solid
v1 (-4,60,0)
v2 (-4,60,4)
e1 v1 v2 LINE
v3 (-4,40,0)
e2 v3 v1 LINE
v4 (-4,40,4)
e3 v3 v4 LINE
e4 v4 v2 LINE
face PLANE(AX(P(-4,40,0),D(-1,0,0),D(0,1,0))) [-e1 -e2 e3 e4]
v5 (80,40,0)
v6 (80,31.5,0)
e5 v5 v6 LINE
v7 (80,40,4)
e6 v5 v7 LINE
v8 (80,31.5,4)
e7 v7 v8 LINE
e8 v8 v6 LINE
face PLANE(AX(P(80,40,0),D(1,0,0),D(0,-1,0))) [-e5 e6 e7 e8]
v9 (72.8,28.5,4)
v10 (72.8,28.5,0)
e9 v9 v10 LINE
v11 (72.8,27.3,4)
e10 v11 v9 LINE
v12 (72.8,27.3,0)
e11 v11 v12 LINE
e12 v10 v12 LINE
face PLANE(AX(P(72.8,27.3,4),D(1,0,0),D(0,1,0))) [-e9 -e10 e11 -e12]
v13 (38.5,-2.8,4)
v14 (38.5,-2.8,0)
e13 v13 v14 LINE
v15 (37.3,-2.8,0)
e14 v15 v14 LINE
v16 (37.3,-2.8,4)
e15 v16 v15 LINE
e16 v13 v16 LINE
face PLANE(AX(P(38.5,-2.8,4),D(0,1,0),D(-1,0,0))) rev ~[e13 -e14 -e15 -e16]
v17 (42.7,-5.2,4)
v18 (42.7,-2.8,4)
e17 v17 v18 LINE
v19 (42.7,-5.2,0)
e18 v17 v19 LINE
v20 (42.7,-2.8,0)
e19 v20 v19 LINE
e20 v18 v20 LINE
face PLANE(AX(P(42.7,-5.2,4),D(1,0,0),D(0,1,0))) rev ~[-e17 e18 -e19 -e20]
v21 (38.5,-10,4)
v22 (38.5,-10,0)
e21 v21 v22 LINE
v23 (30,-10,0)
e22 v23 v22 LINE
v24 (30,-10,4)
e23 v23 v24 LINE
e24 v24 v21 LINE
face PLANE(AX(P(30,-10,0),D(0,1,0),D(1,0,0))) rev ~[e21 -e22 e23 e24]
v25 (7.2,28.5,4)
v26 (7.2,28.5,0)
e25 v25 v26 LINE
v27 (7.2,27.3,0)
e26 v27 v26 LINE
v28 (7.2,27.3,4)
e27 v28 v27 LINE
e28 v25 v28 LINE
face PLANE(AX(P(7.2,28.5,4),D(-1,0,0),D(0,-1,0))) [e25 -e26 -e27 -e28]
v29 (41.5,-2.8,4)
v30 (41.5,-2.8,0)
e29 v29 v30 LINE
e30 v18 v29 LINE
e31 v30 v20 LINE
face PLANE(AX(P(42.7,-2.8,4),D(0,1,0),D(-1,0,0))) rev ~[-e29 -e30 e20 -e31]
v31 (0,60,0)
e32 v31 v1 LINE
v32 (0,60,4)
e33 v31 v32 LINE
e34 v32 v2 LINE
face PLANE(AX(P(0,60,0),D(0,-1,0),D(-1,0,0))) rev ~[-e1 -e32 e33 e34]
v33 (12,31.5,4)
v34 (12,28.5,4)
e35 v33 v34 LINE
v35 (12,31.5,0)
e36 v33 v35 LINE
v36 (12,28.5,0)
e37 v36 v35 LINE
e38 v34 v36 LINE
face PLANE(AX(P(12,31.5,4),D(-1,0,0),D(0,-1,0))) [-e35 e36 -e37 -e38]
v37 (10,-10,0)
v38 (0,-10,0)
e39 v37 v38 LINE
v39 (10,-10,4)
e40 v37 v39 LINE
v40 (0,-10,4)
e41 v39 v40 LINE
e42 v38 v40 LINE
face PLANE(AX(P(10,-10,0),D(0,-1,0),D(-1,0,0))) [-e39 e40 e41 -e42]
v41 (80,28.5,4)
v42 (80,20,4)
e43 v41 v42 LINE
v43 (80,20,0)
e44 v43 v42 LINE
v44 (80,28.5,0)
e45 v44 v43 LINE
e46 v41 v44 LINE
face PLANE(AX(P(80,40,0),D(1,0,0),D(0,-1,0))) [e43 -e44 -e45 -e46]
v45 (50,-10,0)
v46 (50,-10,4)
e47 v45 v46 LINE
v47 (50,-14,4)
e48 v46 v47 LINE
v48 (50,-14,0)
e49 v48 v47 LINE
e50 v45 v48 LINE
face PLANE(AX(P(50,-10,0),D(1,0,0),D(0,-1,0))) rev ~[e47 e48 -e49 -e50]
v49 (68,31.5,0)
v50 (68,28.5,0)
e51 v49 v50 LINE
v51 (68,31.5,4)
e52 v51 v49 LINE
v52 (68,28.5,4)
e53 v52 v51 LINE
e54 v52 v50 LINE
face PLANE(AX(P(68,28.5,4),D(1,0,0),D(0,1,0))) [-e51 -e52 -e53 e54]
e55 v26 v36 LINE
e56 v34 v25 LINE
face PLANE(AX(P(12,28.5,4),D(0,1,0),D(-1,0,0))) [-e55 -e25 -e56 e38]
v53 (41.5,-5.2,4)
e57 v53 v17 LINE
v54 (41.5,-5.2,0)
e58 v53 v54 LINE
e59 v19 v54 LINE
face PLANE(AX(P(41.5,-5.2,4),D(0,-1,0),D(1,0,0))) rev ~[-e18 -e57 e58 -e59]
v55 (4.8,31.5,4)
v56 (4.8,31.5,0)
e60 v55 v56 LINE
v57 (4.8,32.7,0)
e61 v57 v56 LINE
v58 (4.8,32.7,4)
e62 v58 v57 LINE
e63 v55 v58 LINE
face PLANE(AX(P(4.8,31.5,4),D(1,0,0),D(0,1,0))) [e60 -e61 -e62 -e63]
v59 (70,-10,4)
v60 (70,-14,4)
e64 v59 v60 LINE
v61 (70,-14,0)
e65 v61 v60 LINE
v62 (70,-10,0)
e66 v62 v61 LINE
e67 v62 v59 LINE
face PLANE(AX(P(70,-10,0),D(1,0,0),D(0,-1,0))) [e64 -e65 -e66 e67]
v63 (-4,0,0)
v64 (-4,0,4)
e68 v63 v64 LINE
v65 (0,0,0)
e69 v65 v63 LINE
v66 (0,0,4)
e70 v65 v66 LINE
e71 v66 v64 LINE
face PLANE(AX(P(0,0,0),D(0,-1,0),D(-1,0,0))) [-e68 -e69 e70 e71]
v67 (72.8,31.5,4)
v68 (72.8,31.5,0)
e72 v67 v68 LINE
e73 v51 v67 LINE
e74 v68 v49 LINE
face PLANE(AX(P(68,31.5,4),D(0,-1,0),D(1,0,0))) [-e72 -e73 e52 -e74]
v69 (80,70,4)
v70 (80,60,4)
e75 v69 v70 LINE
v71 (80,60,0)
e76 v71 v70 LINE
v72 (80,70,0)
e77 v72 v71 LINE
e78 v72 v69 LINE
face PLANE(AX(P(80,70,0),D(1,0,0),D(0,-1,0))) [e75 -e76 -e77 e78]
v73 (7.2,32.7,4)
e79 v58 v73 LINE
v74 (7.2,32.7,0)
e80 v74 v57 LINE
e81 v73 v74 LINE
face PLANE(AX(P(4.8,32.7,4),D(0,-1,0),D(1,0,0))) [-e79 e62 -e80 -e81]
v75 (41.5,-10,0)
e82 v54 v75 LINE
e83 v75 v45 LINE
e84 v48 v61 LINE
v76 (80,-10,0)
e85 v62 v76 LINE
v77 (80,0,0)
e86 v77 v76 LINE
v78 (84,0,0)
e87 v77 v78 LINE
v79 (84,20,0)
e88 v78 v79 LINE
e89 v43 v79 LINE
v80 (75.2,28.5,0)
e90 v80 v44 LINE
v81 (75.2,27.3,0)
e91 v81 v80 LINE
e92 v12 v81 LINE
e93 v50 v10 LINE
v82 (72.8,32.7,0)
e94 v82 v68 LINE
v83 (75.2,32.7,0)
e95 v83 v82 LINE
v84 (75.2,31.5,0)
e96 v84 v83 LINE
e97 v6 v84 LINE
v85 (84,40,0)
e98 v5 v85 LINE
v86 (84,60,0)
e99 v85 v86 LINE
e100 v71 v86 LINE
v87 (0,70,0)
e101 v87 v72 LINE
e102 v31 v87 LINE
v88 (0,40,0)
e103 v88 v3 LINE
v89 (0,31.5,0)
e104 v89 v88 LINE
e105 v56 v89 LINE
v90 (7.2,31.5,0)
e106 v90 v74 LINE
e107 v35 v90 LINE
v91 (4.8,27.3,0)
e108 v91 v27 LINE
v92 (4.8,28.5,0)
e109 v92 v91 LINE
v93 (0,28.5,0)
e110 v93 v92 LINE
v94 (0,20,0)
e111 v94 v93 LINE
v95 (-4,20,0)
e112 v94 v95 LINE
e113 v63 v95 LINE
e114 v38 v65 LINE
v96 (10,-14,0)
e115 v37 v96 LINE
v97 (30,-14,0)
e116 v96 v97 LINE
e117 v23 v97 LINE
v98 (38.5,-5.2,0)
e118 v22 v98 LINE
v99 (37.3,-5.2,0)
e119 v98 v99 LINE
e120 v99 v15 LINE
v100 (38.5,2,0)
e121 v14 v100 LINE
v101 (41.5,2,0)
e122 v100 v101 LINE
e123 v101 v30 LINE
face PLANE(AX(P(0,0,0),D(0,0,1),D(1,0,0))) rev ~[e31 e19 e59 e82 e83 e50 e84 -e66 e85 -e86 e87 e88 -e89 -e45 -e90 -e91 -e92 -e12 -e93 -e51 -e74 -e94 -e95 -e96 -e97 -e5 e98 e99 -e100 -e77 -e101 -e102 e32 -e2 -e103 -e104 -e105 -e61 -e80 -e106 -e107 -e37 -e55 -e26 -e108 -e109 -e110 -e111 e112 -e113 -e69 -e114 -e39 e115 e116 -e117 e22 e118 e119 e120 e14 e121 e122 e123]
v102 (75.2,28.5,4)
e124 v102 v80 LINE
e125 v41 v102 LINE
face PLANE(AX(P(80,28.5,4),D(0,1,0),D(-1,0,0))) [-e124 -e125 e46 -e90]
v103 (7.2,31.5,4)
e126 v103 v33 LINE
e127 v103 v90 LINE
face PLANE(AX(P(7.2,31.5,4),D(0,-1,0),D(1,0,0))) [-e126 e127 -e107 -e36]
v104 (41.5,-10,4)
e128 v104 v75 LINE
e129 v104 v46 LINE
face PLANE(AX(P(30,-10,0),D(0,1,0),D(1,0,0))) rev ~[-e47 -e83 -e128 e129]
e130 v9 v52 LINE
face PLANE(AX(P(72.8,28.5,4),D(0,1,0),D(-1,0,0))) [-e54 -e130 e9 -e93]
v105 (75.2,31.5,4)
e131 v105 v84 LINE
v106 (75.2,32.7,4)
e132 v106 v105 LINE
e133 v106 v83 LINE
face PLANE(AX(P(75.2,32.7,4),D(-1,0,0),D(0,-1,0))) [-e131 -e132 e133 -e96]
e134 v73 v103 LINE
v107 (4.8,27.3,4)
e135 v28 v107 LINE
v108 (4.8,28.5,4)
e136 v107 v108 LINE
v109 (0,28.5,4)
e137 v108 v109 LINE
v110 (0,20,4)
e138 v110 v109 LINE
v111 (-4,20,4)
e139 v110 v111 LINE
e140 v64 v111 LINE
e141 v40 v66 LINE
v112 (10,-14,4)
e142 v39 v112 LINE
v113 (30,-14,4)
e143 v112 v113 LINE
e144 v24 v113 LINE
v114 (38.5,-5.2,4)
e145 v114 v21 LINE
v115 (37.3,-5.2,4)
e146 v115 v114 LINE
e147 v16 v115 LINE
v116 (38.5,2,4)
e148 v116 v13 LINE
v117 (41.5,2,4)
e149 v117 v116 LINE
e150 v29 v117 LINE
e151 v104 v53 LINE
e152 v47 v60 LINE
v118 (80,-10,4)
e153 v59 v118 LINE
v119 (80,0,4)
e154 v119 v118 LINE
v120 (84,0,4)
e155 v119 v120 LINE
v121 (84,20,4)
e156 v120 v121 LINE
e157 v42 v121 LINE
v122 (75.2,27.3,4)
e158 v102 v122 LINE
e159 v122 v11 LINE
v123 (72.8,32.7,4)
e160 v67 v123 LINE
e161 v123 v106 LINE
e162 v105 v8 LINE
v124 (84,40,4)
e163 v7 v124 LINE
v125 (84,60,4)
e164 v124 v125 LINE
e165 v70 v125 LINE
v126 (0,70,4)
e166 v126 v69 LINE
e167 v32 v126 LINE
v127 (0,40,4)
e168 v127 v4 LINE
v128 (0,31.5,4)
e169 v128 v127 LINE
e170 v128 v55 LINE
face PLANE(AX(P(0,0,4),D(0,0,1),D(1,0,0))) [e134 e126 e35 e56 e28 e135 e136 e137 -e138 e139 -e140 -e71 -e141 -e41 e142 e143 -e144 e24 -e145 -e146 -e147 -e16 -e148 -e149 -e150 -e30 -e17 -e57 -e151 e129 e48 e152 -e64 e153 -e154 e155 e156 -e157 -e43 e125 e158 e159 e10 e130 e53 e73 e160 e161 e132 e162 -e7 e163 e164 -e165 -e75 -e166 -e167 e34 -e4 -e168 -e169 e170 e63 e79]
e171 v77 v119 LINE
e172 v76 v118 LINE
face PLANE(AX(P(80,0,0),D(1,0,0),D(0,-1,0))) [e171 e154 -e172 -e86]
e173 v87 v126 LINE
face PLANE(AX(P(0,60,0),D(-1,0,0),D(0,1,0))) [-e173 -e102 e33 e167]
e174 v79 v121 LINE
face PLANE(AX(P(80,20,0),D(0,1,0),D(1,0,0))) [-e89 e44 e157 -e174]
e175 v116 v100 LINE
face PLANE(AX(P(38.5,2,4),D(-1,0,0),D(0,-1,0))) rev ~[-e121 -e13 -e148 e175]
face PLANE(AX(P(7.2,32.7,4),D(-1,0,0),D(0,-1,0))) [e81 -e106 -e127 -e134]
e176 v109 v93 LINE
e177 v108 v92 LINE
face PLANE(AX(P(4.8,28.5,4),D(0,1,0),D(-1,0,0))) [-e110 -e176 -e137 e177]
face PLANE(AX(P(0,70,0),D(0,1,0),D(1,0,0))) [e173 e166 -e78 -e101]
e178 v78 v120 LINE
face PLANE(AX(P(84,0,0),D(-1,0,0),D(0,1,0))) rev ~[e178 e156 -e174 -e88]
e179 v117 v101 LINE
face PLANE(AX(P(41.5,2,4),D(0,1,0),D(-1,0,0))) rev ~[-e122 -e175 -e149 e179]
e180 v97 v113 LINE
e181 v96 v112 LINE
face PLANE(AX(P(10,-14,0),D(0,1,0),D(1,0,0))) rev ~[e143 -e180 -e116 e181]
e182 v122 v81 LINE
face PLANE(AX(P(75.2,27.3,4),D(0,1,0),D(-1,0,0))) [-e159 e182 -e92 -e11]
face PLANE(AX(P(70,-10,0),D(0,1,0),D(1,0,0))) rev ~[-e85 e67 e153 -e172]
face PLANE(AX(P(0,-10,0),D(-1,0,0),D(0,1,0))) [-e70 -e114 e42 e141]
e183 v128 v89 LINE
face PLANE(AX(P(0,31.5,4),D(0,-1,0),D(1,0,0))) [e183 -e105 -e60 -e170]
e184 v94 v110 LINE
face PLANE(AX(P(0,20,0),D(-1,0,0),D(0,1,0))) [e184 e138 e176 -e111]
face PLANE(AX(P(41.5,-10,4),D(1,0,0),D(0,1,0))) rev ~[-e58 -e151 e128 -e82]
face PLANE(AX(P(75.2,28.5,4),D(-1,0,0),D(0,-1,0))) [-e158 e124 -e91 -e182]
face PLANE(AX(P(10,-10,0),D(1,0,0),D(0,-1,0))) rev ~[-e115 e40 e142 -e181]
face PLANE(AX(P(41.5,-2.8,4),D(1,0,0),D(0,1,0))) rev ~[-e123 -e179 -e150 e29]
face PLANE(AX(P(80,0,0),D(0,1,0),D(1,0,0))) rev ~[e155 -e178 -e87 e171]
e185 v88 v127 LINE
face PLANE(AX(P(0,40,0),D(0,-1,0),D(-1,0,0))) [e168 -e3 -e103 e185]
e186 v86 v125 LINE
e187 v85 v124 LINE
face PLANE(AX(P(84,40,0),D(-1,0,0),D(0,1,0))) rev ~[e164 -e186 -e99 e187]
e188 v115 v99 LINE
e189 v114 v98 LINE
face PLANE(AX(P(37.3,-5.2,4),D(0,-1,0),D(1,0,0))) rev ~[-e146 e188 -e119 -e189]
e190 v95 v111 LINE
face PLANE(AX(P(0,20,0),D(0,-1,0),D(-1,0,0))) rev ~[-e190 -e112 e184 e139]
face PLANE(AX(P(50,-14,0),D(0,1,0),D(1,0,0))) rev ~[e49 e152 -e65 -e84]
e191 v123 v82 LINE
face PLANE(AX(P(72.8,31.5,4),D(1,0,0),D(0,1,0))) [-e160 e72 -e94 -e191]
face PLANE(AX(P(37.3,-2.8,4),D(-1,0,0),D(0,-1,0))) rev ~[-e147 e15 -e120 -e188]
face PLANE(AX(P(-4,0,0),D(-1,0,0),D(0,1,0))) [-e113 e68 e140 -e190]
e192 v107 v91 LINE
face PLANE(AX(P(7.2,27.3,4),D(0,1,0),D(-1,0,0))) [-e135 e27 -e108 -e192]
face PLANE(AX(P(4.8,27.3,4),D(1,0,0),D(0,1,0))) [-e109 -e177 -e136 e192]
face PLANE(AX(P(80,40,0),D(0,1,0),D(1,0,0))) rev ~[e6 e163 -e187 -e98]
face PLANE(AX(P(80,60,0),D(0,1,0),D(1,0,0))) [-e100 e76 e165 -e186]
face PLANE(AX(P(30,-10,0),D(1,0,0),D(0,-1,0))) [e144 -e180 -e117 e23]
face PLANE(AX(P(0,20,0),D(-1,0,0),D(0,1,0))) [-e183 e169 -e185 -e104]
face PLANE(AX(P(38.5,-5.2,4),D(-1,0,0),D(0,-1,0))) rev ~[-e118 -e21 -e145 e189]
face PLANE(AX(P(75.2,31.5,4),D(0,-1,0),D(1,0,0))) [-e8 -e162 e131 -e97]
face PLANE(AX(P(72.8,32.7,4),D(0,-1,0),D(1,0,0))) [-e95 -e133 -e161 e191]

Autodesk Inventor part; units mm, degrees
ref_plane "YZ Plane" through (0, 0, 0) normal (1, 0, 0) x (0, 1, 0)
ref_plane "XZ Plane" through (0, 0, 0) normal (0, 1, 0) x (-1, 0, 0)
ref_plane "XY Plane" through (0, 0, 0) normal (0, 0, 1) x (1, 0, 0)
sketch "Sketch1" plane through (0, 0, 0) normal (0, 0, 1) x (1, 0, 0)
  line L0 (0, 0) -> (0, 20) construction
  line L1 (0, 20) -> (-4, 20) projected
  line L2 (-4, 0) -> (-4, 20) projected
  line L3 (0, 0) -> (-4, 0) projected
  line L4 (0, 40) -> (0, 60) construction
  line L5 (0, 60) -> (-4, 60) projected
  line L6 (-4, 40) -> (-4, 60) projected
  line L7 (0, 40) -> (-4, 40) projected
  line L8 (0, 70) -> (-4, 70) construction
  line L9 (0, 70) -> (80, 70)
  line L10 (80, 70) -> (80, 60)
  line L11 (80, -10) -> (0, -10) construction
  line L12 (0, -10) -> (0, 0)
  line L13 (40, 70) -> (40, -10) construction
  line L14 (0, 60) -> (0, 70)
  line L15 (0, 40) -> (0, 60) construction
  line L16 (0, 20) -> (0, 40)
  line L17 (0, 0) -> (0, 20) construction
  line L18 (80, 20) -> (84, 20)
  line L19 (84, 0) -> (84, 20)
  line L20 (80, 0) -> (84, 0)
  line L21 (80, 60) -> (84, 60)
  line L22 (84, 40) -> (84, 60)
  line L23 (80, 40) -> (84, 40)
  line L24 (80, 70) -> (84, 70) construction
  line L25 (80, 60) -> (80, 40) construction
  line L26 (80, 40) -> (80, 20)
  line L27 (80, 20) -> (80, 0) construction
  line L28 (80, 0) -> (80, -10)
  line L29 (10, -10) -> (10, -14)
  line L30 (10, -14) -> (30, -14)
  line L31 (30, -10) -> (30, -14)
  line L32 (50, -10) -> (50, -14)
  line L33 (50, -14) -> (70, -14)
  line L34 (70, -10) -> (70, -14)
  line L35 (10, -10) -> (0, -10)
  line L36 (30, -10) -> (50, -10)
  line L37 (70, -10) -> (80, -10)
  point P0 (40, 30)
  dimension "d0" = 80
  dimension "d1" = 80
  dimension "d6" = 90
extrude "Extrusion1" add sketch "Sketch1" along normal blind 4
sketch "Sketch2" plane through (0, 0, 4) normal (0, 0, 1) x (1, 0, 0)
  line L0 (0, 20) -> (-4, 20) construction
  line L1 (-4, 20) -> (-4, 0) construction
  line L2 (-4, 0) -> (0, 0) construction
  line L3 (0, 0) -> (0, -10) construction
  line L4 (0, -10) -> (10, -10) construction
  line L5 (10, -10) -> (10, -14) construction
  line L6 (10, -14) -> (30, -14) construction
  line L7 (30, -14) -> (30, -10) construction
  line L8 (30, -10) -> (50, -10) construction
  line L9 (50, -10) -> (50, -14) construction
  line L10 (50, -14) -> (70, -14) construction
  line L11 (70, -14) -> (70, -10) construction
  line L12 (70, -10) -> (80, -10) construction
  line L13 (80, -10) -> (80, 0) construction
  line L14 (80, 0) -> (84, 0) construction
  line L15 (84, 0) -> (84, 20) construction
  line L16 (84, 20) -> (80, 20) construction
  line L17 (80, 20) -> (80, 40) construction
  line L18 (80, 40) -> (84, 40) construction
  line L19 (84, 40) -> (84, 60) construction
  line L20 (84, 60) -> (80, 60) construction
  line L21 (80, 60) -> (80, 70) construction
  line L22 (80, 70) -> (0, 70) construction
  line L23 (0, 70) -> (0, 60) construction
  line L24 (0, 60) -> (-4, 60) construction
  line L25 (-4, 60) -> (-4, 40) construction
  line L26 (-4, 40) -> (0, 40) construction
  line L27 (0, 40) -> (0, 20) construction
  line L28 (0, 31.5) -> (12, 31.5)
  line L29 (12, 31.5) -> (12, 28.5)
  line L30 (12, 28.5) -> (0, 28.5)
  line L31 (0, 28.5) -> (0, 31.5)
  line L32 (80, 28.5) -> (68, 28.5)
  line L33 (68, 28.5) -> (68, 31.5)
  line L34 (68, 31.5) -> (80, 31.5)
  line L35 (80, 31.5) -> (80, 28.5)
  line L36 (0, 40) -> (0, 20) projected
  line L37 (4.8, 32.7) -> (7.2, 32.7)
  line L38 (7.2, 32.7) -> (7.2, 27.3)
  line L39 (7.2, 27.3) -> (4.8, 27.3)
  line L40 (4.8, 27.3) -> (4.8, 32.7)
  line L41 (72.8, 32.7) -> (75.2, 32.7)
  line L42 (75.2, 32.7) -> (75.2, 27.3)
  line L43 (75.2, 27.3) -> (72.8, 27.3)
  line L44 (72.8, 27.3) -> (72.8, 32.7)
  line L45 (38.5, -10) -> (41.5, -10)
  line L46 (41.5, -10) -> (41.5, 2)
  line L47 (41.5, 2) -> (38.5, 2)
  line L48 (38.5, 2) -> (38.5, -10)
  line L49 (37.3, -5.2) -> (42.7, -5.2)
  line L50 (42.7, -5.2) -> (42.7, -2.8)
  line L51 (42.7, -2.8) -> (37.3, -2.8)
  line L52 (37.3, -2.8) -> (37.3, -5.2)
  line L53 (30, -10) -> (50, -10) projected
  point P0 (7.2, 30)
  point P1 (72.8, 30)
  point P2 (68, 30)
  point P3 (12, 30)
  point P4 (6, 32.7)
  point P5 (6, 31.5)
  point P6 (74, 32.7)
  point P7 (74, 31.5)
  point P8 (0, 30)
  point P9 (0, 30)
  point P10 (37.3, -4)
  point P11 (38.5, -4)
  point P12 (40, -2.8)
  point P13 (40, 2)
  point P14 (40, -10)
  point P15 (40, -10)
  point P16 (40, -10)
  point P17 (4.8, 31.5)
  point P18 (4.8, 28.5)
  point P19 (7.2, 28.5)
  point P20 (7.2, 31.5)
  point P21 (38.5, -5.2)
  point P22 (41.5, -5.2)
  point P23 (41.5, -2.8)
  point P24 (38.5, -2.8)
  point P25 (72.8, 28.5)
  point P26 (75.2, 28.5)
  point P27 (75.2, 31.5)
  point P28 (72.8, 31.5)
  dimension "d8" = 2.4
  dimension "d9" = 5.4
  dimension "d10" = 3
  dimension "d11" = 12
extrude "Extrusion2" cut sketch "Sketch2" against normal up to next
properties part number "Car_Left" material "MDF Medium Density Fiberboard"
